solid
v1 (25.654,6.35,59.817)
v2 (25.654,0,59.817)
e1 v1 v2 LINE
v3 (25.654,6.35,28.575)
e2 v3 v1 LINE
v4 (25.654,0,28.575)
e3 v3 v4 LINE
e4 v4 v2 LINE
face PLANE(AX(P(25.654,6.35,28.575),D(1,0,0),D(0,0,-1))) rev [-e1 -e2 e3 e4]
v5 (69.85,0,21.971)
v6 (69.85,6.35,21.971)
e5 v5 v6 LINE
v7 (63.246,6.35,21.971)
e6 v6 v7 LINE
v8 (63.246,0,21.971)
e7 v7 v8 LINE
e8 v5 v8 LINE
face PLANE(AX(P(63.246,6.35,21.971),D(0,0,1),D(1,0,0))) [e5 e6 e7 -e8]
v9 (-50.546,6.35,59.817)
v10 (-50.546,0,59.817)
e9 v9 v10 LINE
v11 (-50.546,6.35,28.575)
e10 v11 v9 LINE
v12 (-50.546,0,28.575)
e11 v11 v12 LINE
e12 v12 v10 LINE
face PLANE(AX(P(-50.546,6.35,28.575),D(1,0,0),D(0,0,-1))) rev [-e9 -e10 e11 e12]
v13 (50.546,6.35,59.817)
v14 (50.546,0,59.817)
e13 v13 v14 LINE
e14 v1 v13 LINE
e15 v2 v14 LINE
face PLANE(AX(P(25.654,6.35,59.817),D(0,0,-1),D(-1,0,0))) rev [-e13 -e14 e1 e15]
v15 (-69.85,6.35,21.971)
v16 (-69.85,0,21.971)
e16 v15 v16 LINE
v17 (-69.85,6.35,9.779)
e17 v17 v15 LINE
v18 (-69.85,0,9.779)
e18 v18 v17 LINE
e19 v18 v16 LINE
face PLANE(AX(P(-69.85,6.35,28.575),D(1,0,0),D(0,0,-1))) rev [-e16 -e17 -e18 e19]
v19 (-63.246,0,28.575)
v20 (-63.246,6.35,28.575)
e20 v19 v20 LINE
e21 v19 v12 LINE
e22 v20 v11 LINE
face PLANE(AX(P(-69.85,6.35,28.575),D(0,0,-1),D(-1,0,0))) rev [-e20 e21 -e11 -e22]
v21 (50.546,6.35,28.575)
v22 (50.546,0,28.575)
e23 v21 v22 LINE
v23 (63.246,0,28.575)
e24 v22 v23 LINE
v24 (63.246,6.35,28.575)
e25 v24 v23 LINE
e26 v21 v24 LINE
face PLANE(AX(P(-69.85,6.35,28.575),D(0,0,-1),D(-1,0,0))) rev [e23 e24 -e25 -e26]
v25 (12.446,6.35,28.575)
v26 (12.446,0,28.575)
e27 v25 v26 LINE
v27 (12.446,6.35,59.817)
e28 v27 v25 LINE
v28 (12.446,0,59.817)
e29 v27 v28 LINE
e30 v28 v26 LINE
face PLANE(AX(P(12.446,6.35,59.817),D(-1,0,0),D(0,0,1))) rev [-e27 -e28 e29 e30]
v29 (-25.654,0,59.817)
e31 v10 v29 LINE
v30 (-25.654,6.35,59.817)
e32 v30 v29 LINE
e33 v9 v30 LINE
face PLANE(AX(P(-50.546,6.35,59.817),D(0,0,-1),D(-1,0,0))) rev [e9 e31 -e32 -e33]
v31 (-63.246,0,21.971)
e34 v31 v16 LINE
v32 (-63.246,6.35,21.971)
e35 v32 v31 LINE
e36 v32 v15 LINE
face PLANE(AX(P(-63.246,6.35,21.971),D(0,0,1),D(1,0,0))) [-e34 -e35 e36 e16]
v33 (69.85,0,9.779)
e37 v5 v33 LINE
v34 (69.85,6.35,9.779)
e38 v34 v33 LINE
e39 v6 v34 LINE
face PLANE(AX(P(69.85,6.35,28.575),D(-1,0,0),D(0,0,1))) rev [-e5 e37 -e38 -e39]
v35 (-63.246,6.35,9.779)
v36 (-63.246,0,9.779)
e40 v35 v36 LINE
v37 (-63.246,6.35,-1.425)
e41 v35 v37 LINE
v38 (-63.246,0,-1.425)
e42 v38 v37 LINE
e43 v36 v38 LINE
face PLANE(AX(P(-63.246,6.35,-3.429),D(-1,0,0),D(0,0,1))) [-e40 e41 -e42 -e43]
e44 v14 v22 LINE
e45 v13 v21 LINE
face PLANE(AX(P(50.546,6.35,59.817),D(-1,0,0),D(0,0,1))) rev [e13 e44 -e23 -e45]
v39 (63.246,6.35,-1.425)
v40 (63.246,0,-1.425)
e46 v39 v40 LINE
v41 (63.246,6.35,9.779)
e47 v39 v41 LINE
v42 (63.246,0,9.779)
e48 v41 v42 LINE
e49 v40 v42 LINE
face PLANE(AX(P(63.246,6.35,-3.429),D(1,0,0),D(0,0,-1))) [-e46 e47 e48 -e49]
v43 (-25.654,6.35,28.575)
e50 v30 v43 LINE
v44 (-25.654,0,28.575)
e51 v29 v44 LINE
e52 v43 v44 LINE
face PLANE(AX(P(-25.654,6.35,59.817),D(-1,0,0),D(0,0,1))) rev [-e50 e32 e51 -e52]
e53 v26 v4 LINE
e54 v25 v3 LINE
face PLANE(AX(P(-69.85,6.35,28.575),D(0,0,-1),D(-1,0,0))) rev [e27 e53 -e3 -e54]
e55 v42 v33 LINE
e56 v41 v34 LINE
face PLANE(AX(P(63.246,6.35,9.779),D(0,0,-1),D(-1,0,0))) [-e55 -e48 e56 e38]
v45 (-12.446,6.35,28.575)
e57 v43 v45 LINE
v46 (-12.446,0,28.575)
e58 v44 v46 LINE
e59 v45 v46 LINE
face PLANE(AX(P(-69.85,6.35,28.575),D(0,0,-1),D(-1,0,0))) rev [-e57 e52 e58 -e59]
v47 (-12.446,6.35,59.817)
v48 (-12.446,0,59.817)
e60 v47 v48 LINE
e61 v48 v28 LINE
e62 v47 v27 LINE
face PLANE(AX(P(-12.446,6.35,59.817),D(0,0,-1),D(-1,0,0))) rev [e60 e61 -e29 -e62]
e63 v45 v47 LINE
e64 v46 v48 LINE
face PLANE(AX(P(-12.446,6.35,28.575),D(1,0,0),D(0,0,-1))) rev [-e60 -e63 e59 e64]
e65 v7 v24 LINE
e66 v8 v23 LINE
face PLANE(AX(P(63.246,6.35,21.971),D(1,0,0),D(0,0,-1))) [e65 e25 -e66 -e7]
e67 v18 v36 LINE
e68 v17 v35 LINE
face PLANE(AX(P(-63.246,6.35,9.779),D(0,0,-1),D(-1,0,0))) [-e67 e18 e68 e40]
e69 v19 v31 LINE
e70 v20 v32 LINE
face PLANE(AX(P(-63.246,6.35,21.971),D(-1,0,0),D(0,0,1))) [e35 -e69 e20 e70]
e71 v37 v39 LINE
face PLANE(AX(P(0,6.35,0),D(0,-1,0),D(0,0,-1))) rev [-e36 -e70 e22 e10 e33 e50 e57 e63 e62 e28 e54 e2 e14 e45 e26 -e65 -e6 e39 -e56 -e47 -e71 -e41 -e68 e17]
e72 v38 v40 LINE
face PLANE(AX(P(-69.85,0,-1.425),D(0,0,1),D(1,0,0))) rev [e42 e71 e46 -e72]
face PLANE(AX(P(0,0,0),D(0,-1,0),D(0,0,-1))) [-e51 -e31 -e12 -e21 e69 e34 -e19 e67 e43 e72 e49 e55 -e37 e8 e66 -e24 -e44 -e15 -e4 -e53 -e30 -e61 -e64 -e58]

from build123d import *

# Parameters (mm, degrees)
SKETCH1_W           = 139.7
SKETCH1_H           = 57.15
BOSS_EXTRUDE1_DEPTH = 6.35
SKETCH3_W           = 24.892
SKETCH3_H           = 31.242
BOSS_EXTRUDE2_DEPTH = 6.35
SKETCH4_W           = 13.208
SKETCH4_H           = 13.208
CUT_EXTRUDE2_DEPTH  = 93.181443301
SKETCH5_W           = 295.464136086
SKETCH5_H           = 12.7
CUT_EXTRUDE3_DEPTH  = 93.181443301
SKETCH6_W           = 139.7
SKETCH6_H           = 12.446
BOSS_EXTRUDE3_DEPTH = 6.35
SKETCH7_W           = 139.7
SKETCH7_H           = 14.45
CUT_EXTRUDE4_DEPTH  = 93.181443301


with BuildPart() as part:
    # Sketch1 → Boss-Extrude1 (new body)
    with BuildSketch(Plane(origin=(0, 0, 0), x_dir=(1, 0, 0), z_dir=(0, 1, 0))):
        Rectangle(SKETCH1_W, SKETCH1_H)
    extrude(amount=BOSS_EXTRUDE1_DEPTH)

    # Sketch3 → Boss-Extrude2 (add)
    with BuildSketch(Plane(origin=(0, 0, 0), x_dir=(1, 0, 0), z_dir=(0, 1, 0))):
        with Locations((-38.1, -44.196)):
            Rectangle(SKETCH3_W, SKETCH3_H)
        with Locations((0, -44.196)):
            Rectangle(SKETCH3_W, SKETCH3_H)
        with Locations((38.1, -44.196)):
            Rectangle(SKETCH3_W, SKETCH3_H)
    extrude(amount=BOSS_EXTRUDE2_DEPTH)

    # Sketch4 → Cut-Extrude2 (cut, through all)
    with BuildSketch(Plane(origin=(0, 0, 0), x_dir=(1, 0, 0), z_dir=(0, 1, 0))):
        with Locations((69.85, 22.225)):
            Rectangle(SKETCH4_W, SKETCH4_H)
        with Locations((-69.85, -28.575)):
            Rectangle(SKETCH4_W, SKETCH4_H)
        with Locations((69.85, -3.175)):
            Rectangle(SKETCH4_W, SKETCH4_H)
        with Locations((69.85, -28.575)):
            Rectangle(SKETCH4_W, SKETCH4_H)
        with Locations((-69.85, -3.175)):
            Rectangle(SKETCH4_W, SKETCH4_H)
        with Locations((-69.85, 22.225)):
            Rectangle(SKETCH4_W, SKETCH4_H)
    extrude(amount=CUT_EXTRUDE2_DEPTH, mode=Mode.SUBTRACT)

    # Sketch5 → Cut-Extrude3 (cut, through all)
    with BuildSketch(Plane(origin=(0, 6.35, 0), x_dir=(1, 0, 0), z_dir=(0, 1, 0))):
        with Locations((7.963252738, 22.225)):
            Rectangle(SKETCH5_W, SKETCH5_H)
    extrude(amount=-CUT_EXTRUDE3_DEPTH, mode=Mode.SUBTRACT)

    # Sketch6 → Boss-Extrude3 (add)
    with BuildSketch(Plane(origin=(0, 6.35, 0), x_dir=(1, 0, 0), z_dir=(0, 1, 0))):
        with Locations((0, 9.652)):
            Rectangle(SKETCH6_W, SKETCH6_H)
    extrude(amount=-BOSS_EXTRUDE3_DEPTH)

    # Sketch7 → Cut-Extrude4 (cut, through all)
    with BuildSketch(Plane(origin=(0, 6.35, 0), x_dir=(1, 0, 0), z_dir=(0, 1, 0))):
        with Locations((0, 8.65)):
            Rectangle(SKETCH7_W, SKETCH7_H)
    extrude(amount=-CUT_EXTRUDE4_DEPTH, mode=Mode.SUBTRACT)


solid = part.part
